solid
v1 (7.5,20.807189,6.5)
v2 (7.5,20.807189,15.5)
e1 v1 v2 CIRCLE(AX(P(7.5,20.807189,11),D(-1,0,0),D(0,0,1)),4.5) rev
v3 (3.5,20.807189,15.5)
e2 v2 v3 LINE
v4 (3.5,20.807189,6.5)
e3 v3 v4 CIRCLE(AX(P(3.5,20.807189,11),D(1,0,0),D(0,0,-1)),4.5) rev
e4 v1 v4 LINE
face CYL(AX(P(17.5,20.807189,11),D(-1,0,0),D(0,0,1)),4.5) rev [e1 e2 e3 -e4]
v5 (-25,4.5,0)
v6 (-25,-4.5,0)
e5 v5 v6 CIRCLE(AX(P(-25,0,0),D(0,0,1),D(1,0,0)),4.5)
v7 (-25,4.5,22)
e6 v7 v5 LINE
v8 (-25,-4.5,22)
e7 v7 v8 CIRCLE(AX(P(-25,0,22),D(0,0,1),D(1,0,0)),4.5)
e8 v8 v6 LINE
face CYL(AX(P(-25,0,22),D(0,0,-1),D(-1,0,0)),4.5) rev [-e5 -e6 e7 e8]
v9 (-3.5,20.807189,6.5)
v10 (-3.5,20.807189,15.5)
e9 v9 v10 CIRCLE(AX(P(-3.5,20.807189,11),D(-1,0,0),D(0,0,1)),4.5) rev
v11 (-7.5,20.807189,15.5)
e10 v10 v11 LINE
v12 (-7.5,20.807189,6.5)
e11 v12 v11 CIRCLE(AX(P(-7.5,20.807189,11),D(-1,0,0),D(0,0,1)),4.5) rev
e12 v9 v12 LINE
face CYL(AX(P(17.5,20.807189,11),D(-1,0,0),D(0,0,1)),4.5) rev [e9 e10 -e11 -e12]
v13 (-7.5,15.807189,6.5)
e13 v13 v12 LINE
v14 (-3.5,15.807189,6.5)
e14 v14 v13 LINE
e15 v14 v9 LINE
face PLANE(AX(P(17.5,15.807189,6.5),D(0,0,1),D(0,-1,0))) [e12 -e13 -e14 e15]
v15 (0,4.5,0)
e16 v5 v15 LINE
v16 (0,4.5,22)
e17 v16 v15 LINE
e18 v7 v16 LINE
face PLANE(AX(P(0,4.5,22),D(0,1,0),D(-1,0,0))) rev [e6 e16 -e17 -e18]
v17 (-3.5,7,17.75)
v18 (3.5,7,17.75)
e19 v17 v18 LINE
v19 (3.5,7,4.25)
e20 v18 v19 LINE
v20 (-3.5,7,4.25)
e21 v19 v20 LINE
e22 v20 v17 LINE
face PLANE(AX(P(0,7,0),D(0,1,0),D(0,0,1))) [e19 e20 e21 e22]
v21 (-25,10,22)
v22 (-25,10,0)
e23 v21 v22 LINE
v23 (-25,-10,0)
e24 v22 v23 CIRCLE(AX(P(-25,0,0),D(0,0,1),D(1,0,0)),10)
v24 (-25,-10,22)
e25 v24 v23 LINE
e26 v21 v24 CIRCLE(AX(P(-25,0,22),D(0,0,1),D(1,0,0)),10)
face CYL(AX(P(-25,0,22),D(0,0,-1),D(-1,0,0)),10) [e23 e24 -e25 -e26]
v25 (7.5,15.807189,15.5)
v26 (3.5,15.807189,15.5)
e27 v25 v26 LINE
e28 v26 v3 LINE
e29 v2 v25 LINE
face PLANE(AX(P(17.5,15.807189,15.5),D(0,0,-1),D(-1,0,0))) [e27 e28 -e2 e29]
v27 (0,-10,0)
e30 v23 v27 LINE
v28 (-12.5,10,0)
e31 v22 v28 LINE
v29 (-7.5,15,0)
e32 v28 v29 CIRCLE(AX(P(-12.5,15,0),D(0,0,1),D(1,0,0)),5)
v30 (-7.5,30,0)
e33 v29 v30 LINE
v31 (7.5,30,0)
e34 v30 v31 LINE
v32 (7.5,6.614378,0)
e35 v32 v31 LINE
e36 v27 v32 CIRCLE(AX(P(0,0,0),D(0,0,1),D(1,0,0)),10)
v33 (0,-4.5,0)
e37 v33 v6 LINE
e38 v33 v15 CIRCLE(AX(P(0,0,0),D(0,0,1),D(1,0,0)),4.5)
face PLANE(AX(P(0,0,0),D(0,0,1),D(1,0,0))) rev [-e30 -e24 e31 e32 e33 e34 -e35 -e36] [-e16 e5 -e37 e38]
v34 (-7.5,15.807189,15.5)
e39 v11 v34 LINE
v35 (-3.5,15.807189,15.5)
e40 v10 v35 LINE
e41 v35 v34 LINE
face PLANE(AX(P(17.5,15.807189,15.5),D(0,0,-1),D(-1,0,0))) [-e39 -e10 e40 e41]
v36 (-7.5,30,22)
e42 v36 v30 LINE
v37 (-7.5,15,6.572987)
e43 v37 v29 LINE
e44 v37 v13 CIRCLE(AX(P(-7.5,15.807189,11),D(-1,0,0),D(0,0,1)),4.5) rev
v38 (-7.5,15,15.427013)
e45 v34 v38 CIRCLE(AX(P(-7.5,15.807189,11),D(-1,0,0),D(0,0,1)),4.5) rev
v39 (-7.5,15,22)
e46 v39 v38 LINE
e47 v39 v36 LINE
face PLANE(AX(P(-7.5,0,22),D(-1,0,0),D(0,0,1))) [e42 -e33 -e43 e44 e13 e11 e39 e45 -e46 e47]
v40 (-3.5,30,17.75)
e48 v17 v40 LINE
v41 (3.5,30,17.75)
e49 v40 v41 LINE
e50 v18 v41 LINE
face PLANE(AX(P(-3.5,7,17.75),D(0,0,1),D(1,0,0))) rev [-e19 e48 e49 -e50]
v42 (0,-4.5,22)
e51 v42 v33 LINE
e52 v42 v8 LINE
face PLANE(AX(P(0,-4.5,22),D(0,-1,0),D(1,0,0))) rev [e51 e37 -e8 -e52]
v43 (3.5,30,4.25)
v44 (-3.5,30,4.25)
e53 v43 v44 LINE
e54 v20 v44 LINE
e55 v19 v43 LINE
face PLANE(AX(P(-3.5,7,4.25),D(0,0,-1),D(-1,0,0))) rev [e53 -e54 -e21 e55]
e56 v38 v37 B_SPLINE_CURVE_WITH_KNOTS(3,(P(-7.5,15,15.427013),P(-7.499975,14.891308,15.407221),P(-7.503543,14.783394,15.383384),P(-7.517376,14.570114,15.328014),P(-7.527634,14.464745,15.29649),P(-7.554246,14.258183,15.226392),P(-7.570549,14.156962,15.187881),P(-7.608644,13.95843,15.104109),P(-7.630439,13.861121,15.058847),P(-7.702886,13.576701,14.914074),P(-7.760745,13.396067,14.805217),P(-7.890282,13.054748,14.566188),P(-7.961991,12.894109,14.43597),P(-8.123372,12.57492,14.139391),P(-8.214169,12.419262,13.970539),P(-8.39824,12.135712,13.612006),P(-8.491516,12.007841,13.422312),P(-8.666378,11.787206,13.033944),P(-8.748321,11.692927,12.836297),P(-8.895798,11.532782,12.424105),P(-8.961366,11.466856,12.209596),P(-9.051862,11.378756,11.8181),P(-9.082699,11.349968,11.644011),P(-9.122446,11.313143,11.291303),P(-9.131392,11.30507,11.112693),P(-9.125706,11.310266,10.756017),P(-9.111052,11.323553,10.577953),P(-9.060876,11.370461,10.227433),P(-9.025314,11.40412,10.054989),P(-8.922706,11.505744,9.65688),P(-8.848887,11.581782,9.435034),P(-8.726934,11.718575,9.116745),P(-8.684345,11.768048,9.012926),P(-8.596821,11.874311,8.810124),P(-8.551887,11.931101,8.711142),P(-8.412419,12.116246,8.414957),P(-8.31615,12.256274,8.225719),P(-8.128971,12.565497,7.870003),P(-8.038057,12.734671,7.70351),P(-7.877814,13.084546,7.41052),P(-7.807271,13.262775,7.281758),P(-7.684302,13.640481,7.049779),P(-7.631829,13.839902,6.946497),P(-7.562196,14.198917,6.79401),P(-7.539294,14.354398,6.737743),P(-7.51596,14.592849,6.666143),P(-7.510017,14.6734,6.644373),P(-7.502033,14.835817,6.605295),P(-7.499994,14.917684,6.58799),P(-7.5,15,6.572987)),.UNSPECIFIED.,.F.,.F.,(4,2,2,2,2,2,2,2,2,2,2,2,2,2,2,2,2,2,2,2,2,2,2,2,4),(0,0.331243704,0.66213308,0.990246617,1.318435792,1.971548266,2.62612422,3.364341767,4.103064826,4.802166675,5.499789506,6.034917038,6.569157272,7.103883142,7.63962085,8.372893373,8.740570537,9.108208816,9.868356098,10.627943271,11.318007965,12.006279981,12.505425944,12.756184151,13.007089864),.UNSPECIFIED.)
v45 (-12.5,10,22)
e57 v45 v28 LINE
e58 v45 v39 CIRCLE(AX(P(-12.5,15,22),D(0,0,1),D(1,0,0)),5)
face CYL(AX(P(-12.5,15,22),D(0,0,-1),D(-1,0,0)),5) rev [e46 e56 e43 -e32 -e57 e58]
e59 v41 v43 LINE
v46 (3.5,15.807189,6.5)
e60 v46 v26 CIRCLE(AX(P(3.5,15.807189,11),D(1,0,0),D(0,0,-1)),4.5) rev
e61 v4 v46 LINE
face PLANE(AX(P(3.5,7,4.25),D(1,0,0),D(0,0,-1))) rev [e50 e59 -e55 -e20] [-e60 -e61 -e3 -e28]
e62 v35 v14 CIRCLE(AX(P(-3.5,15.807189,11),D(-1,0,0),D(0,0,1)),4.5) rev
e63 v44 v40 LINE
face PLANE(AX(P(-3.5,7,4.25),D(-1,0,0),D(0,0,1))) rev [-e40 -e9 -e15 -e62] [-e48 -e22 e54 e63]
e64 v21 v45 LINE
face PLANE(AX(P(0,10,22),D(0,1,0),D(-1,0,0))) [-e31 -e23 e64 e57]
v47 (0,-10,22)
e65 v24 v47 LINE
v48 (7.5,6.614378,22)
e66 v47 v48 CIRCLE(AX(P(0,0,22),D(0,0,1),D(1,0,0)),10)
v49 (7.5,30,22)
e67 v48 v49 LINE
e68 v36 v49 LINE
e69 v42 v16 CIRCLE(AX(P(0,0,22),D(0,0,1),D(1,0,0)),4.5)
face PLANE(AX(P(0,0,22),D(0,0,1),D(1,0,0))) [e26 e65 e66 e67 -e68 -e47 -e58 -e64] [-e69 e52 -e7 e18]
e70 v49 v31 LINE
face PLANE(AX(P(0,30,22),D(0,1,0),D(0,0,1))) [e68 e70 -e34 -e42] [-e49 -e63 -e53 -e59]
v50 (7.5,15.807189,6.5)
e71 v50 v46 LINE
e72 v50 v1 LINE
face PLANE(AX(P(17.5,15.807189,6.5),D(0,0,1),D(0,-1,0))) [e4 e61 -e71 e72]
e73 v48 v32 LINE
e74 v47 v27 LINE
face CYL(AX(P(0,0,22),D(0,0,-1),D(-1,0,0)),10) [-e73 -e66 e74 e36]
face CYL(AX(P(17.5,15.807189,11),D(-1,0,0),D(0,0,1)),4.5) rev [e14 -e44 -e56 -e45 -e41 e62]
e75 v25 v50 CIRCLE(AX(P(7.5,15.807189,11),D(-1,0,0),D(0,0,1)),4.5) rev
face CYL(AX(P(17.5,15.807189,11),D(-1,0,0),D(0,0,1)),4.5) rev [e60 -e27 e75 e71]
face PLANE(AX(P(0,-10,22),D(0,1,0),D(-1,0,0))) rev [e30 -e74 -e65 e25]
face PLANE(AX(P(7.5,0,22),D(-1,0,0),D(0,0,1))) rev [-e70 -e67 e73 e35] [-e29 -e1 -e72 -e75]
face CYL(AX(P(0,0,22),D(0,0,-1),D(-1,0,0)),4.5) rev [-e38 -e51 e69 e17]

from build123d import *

# Parameters (mm, degrees)
RESSALTO_EXTRUS_O1_DEPTH   = 22
ESBO_O2_W                  = 7
ESBO_O2_H                  = 13.5
CORTE_EXTRUS_O1_DEPTH      = 23
CORTE_EXTRUS_O2_DEPTH      = 10
CORTE_EXTRUS_O2_DEPTH_BACK = 35


with BuildPart() as part:
    # Esboço1 → Ressalto-extrusão1 (new body)
    with BuildSketch(Plane.XY):
        with BuildLine():
            Line((7.5, 6.614378278), (7.5, 30))
            Line((7.5, 30), (-7.5, 30))
            Line((-7.5, 30), (-7.5, 15))
            ThreePointArc((-7.5, 15), (-8.964466094, 11.464466094), (-12.5, 10))
            Line((-12.5, 10), (-25, 10))
            ThreePointArc((-25, 10), (-35, 0), (-25, -10))
            Line((-25, -10), (0, -10))
            ThreePointArc((0, -10), (9.114378278, -4.114378278), (7.5, 6.614378278))
        make_face()
        with BuildLine():
            Line((-25, 4.5), (0, 4.5))
            ThreePointArc((0, 4.5), (4.5, 0), (0, -4.5))
            Line((0, -4.5), (-25, -4.5))
            ThreePointArc((-25, -4.5), (-29.5, 0), (-25, 4.5))
        make_face(mode=Mode.SUBTRACT)
    extrude(amount=RESSALTO_EXTRUS_O1_DEPTH)

    # Esboço2 → Corte-extrusão1 (cut)
    with BuildSketch(Plane(origin=(0, 30, 0), x_dir=(1, 0, 0), z_dir=(0, 1, 0))):
        with Locations((0, -11)):
            Rectangle(ESBO_O2_W, ESBO_O2_H)
    extrude(amount=-CORTE_EXTRUS_O1_DEPTH, mode=Mode.SUBTRACT)

    # Esboço3 → Corte-extrusão2 (cut, two sides)
    with BuildSketch(Plane(origin=(7.5, 0, 0), x_dir=(0, 0, -1), z_dir=(1, 0, 0))) as corte_extrus_o2_sk:
        with BuildLine():
            Line((-15.5, 15.807189139), (-15.5, 20.807189139))
            ThreePointArc((-15.5, 20.807189139), (-11, 25.307189139), (-6.5, 20.807189139))
            Line((-6.5, 20.807189139), (-6.5, 15.807189139))
            ThreePointArc((-6.5, 15.807189139), (-11, 11.307189139), (-15.5, 15.807189139))
        make_face()
    extrude(amount=CORTE_EXTRUS_O2_DEPTH, mode=Mode.SUBTRACT)
    extrude(corte_extrus_o2_sk.sketch, amount=-CORTE_EXTRUS_O2_DEPTH_BACK, mode=Mode.SUBTRACT)


solid = part.part
